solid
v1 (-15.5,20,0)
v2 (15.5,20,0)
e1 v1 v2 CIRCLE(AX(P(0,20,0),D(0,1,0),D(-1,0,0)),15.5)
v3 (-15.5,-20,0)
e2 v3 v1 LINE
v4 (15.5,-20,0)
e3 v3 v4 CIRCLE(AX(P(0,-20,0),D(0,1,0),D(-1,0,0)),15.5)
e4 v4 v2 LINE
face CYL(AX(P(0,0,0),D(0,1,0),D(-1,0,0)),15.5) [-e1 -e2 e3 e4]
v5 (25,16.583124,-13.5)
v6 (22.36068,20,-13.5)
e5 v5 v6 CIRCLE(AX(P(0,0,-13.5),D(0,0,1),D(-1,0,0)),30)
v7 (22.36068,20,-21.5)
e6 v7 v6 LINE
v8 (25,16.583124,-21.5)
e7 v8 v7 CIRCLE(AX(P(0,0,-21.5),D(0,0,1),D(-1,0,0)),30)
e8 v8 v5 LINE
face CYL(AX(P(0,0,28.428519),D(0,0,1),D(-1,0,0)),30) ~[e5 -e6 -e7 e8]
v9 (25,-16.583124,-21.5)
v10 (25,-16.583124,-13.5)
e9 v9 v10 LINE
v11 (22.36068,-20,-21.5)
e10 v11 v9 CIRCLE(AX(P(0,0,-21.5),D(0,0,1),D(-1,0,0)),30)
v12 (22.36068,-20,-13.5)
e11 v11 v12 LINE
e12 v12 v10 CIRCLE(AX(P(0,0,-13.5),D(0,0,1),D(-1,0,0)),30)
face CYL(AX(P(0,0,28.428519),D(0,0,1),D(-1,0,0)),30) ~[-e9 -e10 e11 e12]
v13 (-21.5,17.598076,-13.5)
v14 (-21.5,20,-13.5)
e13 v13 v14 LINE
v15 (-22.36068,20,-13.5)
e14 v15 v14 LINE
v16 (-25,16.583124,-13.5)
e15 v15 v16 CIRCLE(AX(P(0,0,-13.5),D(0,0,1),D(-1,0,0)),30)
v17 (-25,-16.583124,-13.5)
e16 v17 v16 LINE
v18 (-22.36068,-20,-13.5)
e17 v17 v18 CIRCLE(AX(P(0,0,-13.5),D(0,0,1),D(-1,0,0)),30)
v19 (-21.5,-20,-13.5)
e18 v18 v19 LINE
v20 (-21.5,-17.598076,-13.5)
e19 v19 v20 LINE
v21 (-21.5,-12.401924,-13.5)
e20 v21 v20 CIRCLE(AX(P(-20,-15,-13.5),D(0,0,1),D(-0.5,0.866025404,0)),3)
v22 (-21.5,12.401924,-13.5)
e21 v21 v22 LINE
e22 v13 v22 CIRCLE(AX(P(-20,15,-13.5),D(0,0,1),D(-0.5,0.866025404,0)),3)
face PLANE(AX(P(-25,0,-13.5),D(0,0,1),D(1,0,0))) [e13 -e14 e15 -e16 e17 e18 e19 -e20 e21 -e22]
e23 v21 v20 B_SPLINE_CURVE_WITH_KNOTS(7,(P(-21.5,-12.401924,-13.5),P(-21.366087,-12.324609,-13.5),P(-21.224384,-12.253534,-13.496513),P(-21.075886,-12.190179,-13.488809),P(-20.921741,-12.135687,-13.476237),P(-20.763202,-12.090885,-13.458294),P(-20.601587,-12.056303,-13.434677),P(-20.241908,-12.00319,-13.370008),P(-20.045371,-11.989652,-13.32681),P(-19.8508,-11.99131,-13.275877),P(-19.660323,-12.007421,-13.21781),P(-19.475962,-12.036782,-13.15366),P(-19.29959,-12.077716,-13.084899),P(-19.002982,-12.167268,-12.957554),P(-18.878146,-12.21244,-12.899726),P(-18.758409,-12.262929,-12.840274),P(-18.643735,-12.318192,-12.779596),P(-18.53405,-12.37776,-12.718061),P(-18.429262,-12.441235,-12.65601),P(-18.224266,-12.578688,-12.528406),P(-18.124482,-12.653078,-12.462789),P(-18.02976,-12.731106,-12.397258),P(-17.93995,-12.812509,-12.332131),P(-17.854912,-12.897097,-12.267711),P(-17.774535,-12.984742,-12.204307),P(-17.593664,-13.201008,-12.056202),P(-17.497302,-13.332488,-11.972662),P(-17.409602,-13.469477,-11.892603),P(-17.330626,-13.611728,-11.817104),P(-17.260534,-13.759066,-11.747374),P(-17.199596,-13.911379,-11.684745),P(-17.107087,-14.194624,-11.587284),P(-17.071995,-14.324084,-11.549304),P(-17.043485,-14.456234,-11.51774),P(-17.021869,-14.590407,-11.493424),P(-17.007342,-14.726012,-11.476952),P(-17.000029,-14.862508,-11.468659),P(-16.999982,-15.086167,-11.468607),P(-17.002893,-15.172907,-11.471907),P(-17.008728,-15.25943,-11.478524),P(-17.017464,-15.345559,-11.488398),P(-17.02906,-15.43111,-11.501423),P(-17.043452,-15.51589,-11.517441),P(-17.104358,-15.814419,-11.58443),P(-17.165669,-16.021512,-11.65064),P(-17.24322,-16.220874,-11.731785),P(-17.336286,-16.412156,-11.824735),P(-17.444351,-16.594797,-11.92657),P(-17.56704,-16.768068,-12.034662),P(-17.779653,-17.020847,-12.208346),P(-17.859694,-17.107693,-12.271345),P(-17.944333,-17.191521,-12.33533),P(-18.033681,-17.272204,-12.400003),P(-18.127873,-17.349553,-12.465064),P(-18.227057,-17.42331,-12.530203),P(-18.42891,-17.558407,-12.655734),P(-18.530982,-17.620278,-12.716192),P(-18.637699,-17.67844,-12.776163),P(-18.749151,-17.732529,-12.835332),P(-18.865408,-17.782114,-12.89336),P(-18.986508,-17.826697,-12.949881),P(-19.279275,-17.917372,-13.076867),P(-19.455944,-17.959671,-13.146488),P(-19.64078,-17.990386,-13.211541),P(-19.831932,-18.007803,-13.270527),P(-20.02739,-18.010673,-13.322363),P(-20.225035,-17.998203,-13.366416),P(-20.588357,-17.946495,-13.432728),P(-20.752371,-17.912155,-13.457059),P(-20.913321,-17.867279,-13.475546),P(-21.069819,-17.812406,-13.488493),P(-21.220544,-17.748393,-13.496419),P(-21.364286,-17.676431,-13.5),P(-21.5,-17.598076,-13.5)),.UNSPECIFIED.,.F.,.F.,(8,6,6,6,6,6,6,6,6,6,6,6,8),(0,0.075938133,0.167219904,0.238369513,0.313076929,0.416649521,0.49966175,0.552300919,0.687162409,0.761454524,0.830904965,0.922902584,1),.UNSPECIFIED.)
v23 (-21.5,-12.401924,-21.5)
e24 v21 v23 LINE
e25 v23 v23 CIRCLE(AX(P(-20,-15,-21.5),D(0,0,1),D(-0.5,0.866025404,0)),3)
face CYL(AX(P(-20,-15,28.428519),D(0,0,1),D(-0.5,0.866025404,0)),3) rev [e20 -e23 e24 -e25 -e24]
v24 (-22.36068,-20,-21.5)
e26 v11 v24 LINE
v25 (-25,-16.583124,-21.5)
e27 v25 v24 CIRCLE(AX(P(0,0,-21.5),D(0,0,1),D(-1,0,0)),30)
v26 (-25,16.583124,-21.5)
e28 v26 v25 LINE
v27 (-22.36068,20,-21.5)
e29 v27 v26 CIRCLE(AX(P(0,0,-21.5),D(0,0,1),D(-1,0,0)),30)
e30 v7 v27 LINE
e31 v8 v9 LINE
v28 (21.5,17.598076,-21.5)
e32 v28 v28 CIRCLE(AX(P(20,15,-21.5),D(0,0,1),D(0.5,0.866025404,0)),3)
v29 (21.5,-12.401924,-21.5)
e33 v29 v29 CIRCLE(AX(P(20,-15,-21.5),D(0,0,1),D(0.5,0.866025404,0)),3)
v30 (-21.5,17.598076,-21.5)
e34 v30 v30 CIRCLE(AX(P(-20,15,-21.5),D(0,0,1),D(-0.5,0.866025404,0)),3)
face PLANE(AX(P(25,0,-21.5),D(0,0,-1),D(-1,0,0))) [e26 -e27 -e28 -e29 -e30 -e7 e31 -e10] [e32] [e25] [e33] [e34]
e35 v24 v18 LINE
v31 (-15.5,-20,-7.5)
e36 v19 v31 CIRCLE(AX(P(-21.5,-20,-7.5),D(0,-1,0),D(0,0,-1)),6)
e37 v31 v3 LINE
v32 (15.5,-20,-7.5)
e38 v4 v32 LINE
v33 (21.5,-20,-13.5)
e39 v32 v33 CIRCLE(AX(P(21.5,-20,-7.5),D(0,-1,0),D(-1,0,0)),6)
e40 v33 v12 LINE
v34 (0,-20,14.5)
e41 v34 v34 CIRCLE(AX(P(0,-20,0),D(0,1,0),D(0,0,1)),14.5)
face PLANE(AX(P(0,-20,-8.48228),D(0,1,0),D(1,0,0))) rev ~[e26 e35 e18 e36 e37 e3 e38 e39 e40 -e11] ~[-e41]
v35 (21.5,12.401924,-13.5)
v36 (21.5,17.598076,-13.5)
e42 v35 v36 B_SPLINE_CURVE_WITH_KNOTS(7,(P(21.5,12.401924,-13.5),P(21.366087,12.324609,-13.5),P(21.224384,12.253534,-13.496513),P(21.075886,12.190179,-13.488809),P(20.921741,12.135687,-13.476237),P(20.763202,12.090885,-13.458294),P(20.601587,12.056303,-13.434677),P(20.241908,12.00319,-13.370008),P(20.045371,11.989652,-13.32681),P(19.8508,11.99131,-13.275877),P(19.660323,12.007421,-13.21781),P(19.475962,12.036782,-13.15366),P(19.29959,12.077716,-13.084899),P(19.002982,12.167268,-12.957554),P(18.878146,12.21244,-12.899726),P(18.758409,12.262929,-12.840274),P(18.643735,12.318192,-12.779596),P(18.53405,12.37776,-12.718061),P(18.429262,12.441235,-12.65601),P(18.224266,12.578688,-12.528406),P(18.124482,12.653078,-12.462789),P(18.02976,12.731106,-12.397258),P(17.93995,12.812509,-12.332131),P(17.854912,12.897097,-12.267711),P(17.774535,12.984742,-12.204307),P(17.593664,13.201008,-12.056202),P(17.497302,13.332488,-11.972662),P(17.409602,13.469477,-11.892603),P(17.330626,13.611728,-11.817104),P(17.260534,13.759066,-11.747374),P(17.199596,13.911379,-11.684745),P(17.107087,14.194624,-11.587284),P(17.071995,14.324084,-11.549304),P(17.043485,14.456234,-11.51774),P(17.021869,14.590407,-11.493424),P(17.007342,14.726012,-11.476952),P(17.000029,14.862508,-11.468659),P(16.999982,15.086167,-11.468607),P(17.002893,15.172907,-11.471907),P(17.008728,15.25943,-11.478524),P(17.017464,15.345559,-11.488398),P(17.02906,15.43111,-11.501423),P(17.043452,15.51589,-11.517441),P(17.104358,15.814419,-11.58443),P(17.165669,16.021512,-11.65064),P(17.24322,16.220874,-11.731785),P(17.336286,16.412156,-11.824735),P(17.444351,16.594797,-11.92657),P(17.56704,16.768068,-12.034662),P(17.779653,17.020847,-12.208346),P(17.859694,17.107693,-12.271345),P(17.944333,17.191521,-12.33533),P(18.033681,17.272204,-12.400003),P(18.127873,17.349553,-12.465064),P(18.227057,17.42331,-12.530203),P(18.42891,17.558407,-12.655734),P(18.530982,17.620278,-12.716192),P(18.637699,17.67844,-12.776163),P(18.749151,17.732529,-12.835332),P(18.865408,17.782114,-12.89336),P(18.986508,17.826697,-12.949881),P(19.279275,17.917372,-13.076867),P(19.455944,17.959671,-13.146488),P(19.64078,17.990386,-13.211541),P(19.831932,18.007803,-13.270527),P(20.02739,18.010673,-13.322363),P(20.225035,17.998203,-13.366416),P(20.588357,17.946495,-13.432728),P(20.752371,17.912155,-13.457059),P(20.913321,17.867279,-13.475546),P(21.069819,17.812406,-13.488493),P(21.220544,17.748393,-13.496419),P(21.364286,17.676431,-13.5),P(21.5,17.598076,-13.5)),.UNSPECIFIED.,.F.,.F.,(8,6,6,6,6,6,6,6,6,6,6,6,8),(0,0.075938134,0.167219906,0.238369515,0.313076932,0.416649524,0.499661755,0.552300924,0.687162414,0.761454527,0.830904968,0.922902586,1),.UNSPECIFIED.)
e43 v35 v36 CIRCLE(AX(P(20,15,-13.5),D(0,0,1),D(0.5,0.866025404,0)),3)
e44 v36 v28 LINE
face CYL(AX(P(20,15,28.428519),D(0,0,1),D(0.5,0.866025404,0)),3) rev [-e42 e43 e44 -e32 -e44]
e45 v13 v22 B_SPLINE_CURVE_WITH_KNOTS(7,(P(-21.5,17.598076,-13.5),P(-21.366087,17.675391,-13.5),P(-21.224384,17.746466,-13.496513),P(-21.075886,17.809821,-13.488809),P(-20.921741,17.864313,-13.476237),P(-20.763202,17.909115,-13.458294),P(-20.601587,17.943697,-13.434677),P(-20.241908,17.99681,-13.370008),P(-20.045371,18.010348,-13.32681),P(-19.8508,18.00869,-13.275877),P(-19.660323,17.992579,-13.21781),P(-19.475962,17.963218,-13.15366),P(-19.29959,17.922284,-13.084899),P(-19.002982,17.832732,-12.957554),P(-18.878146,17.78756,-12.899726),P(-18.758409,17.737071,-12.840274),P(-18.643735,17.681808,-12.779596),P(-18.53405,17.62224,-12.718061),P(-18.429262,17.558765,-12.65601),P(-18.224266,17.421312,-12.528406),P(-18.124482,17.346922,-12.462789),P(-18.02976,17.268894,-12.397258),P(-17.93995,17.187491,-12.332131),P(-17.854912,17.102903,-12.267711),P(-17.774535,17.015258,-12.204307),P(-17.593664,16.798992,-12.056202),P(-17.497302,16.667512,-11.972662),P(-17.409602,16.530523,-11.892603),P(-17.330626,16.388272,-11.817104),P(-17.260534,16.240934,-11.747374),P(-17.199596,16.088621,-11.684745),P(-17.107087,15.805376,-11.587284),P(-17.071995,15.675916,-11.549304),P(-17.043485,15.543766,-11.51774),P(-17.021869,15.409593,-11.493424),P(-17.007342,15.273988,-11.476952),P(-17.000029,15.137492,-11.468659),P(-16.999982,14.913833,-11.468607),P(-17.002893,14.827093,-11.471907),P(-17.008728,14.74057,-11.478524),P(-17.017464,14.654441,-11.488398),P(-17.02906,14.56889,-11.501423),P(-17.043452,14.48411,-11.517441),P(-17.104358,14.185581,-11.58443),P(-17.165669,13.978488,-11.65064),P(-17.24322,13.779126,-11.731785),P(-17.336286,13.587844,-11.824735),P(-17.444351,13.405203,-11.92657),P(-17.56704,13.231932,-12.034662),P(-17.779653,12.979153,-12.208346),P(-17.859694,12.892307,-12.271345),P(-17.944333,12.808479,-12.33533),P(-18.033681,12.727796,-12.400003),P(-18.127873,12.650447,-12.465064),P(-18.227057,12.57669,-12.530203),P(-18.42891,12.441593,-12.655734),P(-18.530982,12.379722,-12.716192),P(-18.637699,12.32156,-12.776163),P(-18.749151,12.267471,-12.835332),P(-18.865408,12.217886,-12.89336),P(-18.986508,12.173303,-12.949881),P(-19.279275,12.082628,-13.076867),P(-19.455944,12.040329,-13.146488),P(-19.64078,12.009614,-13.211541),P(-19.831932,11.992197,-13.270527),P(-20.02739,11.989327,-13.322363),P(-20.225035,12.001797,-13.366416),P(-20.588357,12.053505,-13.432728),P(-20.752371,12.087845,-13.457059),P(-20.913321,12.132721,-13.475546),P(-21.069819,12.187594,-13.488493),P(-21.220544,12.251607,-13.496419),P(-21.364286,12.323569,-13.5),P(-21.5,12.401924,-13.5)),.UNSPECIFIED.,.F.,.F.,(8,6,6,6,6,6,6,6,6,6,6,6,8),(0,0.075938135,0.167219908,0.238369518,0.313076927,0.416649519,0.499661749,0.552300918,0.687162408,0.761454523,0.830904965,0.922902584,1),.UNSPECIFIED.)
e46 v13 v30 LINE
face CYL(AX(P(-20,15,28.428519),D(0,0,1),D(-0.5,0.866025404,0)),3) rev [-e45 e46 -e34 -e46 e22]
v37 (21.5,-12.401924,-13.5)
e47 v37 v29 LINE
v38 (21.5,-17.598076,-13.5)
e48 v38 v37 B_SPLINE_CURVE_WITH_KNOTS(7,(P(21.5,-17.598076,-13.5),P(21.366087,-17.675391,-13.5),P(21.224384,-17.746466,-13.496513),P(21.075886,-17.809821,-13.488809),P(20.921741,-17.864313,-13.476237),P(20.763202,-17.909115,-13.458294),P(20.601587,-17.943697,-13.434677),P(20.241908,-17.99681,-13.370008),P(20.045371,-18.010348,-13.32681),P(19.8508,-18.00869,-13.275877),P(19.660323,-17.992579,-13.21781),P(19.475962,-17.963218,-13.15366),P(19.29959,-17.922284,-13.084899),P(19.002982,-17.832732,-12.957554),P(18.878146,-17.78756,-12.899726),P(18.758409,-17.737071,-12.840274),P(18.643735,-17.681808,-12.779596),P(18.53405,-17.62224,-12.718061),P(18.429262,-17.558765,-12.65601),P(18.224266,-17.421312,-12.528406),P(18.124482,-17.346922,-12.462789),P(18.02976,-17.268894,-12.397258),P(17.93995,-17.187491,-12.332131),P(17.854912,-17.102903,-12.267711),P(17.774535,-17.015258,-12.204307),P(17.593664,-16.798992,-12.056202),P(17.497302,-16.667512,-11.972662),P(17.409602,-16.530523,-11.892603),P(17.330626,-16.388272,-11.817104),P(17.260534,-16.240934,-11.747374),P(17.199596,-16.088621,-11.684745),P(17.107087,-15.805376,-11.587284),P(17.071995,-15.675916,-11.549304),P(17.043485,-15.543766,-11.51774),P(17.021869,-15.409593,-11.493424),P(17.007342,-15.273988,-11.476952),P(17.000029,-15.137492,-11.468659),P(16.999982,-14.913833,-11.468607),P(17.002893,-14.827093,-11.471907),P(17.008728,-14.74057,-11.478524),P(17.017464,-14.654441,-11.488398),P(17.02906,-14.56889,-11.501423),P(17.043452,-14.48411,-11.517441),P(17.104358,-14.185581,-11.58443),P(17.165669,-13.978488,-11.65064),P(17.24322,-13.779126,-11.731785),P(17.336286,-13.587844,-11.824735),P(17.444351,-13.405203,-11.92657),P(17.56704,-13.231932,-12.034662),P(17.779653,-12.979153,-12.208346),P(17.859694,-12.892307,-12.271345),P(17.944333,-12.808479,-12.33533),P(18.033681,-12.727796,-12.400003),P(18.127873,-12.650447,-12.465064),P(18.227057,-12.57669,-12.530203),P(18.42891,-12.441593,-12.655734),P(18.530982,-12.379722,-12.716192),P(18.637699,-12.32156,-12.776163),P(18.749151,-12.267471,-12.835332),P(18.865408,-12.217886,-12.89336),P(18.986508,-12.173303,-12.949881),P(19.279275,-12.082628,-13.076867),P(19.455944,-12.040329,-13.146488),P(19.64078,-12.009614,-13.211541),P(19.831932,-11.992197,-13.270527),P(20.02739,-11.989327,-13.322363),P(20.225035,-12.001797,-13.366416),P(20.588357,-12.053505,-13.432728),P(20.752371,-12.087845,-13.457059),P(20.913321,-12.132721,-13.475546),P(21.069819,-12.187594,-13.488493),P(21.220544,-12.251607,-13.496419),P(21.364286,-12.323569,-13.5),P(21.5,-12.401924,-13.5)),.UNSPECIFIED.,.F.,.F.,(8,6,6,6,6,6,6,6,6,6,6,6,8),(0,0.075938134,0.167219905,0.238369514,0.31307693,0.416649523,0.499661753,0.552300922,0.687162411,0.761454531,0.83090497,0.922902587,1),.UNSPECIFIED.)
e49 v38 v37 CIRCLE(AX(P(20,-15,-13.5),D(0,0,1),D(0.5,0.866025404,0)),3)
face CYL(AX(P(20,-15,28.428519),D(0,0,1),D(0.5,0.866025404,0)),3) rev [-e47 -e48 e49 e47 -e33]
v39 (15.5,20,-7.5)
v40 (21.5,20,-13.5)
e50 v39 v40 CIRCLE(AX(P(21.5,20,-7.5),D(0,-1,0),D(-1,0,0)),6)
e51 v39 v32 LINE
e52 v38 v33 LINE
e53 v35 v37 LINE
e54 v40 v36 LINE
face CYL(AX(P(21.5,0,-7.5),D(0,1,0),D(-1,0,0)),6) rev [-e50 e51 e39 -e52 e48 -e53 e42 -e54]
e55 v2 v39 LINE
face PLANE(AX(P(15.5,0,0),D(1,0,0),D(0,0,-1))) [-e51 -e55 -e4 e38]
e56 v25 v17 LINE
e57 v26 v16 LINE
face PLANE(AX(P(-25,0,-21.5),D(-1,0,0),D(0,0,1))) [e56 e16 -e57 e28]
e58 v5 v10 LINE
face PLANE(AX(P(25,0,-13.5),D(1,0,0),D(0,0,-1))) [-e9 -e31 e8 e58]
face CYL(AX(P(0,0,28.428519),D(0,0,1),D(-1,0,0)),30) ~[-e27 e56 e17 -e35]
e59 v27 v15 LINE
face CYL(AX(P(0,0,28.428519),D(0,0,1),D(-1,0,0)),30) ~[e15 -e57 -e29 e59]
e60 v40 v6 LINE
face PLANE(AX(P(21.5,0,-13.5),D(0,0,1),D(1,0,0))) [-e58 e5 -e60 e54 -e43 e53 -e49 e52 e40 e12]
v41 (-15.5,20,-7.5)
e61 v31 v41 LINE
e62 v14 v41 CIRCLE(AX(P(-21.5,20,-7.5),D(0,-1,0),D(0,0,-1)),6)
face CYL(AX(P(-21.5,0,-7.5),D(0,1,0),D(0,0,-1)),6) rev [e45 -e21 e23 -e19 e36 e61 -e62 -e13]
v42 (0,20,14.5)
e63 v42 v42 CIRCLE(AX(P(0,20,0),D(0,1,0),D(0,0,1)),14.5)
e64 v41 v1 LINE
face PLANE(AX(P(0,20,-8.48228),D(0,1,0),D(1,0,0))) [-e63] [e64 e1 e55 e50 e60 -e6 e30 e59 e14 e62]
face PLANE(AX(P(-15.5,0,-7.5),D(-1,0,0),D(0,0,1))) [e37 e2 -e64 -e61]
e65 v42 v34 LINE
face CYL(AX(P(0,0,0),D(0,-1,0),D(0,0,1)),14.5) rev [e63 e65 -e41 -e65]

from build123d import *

# Parameters (mm, degrees)
SKETCH1_R                    = 14.5
BOSS_EXTRUDE1_DEPTH          = 20
CUT_EXTRUDE1_DEPTH           = 49.928519291
CUT_EXTRUDE1_DEPTH_BACK      = 49.928519291
SKETCH2_R                    = 3
CUT_EXTRUDE_THIN1_DEPTH      = 49.928519332
CUT_EXTRUDE_THIN1_DEPTH_BACK = 49.928519332
SKETCH5_R                    = 40
SKETCH5_R_2                  = 30


with BuildPart() as part:
    # Sketch1 → Boss-Extrude1 (new, symmetric)
    with BuildSketch(Plane(origin=(0, 0, 0), x_dir=(1, 0, 0), z_dir=(0, 1, 0))):
        with BuildLine():
            Line((-25, 21.5), (-25, 13.5))
            Line((-25, 13.5), (-21.5, 13.5))
            ThreePointArc((-21.5, 13.5), (-17.257359313, 11.742640687), (-15.5, 7.5))
            Line((-15.5, 7.5), (-15.5, 0))
            ThreePointArc((-15.5, 0), (0, -15.5), (15.5, 0))
            Line((15.5, 0), (15.5, 7.5))
            ThreePointArc((15.5, 7.5), (17.257359313, 11.742640687), (21.5, 13.5))
            Line((21.5, 13.5), (25, 13.5))
            Line((25, 13.5), (25, 21.5))
            Line((25, 21.5), (-25, 21.5))
        make_face()
        with Locations(Location((0, 0, 0), (0, 0, 270))):
            Circle(SKETCH1_R, mode=Mode.SUBTRACT)
    extrude(amount=BOSS_EXTRUDE1_DEPTH, both=True)

    # Sketch2 → Cut-Extrude1 (cut, two sides: drawn at the far end of the back side and taken through both)
    with BuildSketch(Plane(origin=(0, 0, -21.5), x_dir=(-1, 0, 0), z_dir=(0, 0, -1)).offset(-CUT_EXTRUDE1_DEPTH_BACK)):
        with Locations(Location((-20, 15, 0), (0, 0, 120))):
            Circle(SKETCH2_R)
        with Locations(Location((20, 15, 0), (0, 0, 60))):
            Circle(SKETCH2_R)
        with Locations(Location((20, -15, 0), (0, 0, 60))):
            Circle(SKETCH2_R)
        with Locations(Location((-20, -15, 0), (0, 0, 120))):
            Circle(SKETCH2_R)
    extrude(amount=CUT_EXTRUDE1_DEPTH + CUT_EXTRUDE1_DEPTH_BACK, mode=Mode.SUBTRACT)

    # Sketch5 → Cut-Extrude-Thin1 (cut, two sides: drawn at the far end of the back side and taken through both)
    with BuildSketch(Plane(origin=(0, 0, -21.5), x_dir=(-1, 0, 0), z_dir=(0, 0, -1)).offset(-CUT_EXTRUDE_THIN1_DEPTH_BACK)):
        Circle(SKETCH5_R)
        Circle(SKETCH5_R_2, mode=Mode.SUBTRACT)
    extrude(amount=CUT_EXTRUDE_THIN1_DEPTH + CUT_EXTRUDE_THIN1_DEPTH_BACK, mode=Mode.SUBTRACT)


solid = part.part
